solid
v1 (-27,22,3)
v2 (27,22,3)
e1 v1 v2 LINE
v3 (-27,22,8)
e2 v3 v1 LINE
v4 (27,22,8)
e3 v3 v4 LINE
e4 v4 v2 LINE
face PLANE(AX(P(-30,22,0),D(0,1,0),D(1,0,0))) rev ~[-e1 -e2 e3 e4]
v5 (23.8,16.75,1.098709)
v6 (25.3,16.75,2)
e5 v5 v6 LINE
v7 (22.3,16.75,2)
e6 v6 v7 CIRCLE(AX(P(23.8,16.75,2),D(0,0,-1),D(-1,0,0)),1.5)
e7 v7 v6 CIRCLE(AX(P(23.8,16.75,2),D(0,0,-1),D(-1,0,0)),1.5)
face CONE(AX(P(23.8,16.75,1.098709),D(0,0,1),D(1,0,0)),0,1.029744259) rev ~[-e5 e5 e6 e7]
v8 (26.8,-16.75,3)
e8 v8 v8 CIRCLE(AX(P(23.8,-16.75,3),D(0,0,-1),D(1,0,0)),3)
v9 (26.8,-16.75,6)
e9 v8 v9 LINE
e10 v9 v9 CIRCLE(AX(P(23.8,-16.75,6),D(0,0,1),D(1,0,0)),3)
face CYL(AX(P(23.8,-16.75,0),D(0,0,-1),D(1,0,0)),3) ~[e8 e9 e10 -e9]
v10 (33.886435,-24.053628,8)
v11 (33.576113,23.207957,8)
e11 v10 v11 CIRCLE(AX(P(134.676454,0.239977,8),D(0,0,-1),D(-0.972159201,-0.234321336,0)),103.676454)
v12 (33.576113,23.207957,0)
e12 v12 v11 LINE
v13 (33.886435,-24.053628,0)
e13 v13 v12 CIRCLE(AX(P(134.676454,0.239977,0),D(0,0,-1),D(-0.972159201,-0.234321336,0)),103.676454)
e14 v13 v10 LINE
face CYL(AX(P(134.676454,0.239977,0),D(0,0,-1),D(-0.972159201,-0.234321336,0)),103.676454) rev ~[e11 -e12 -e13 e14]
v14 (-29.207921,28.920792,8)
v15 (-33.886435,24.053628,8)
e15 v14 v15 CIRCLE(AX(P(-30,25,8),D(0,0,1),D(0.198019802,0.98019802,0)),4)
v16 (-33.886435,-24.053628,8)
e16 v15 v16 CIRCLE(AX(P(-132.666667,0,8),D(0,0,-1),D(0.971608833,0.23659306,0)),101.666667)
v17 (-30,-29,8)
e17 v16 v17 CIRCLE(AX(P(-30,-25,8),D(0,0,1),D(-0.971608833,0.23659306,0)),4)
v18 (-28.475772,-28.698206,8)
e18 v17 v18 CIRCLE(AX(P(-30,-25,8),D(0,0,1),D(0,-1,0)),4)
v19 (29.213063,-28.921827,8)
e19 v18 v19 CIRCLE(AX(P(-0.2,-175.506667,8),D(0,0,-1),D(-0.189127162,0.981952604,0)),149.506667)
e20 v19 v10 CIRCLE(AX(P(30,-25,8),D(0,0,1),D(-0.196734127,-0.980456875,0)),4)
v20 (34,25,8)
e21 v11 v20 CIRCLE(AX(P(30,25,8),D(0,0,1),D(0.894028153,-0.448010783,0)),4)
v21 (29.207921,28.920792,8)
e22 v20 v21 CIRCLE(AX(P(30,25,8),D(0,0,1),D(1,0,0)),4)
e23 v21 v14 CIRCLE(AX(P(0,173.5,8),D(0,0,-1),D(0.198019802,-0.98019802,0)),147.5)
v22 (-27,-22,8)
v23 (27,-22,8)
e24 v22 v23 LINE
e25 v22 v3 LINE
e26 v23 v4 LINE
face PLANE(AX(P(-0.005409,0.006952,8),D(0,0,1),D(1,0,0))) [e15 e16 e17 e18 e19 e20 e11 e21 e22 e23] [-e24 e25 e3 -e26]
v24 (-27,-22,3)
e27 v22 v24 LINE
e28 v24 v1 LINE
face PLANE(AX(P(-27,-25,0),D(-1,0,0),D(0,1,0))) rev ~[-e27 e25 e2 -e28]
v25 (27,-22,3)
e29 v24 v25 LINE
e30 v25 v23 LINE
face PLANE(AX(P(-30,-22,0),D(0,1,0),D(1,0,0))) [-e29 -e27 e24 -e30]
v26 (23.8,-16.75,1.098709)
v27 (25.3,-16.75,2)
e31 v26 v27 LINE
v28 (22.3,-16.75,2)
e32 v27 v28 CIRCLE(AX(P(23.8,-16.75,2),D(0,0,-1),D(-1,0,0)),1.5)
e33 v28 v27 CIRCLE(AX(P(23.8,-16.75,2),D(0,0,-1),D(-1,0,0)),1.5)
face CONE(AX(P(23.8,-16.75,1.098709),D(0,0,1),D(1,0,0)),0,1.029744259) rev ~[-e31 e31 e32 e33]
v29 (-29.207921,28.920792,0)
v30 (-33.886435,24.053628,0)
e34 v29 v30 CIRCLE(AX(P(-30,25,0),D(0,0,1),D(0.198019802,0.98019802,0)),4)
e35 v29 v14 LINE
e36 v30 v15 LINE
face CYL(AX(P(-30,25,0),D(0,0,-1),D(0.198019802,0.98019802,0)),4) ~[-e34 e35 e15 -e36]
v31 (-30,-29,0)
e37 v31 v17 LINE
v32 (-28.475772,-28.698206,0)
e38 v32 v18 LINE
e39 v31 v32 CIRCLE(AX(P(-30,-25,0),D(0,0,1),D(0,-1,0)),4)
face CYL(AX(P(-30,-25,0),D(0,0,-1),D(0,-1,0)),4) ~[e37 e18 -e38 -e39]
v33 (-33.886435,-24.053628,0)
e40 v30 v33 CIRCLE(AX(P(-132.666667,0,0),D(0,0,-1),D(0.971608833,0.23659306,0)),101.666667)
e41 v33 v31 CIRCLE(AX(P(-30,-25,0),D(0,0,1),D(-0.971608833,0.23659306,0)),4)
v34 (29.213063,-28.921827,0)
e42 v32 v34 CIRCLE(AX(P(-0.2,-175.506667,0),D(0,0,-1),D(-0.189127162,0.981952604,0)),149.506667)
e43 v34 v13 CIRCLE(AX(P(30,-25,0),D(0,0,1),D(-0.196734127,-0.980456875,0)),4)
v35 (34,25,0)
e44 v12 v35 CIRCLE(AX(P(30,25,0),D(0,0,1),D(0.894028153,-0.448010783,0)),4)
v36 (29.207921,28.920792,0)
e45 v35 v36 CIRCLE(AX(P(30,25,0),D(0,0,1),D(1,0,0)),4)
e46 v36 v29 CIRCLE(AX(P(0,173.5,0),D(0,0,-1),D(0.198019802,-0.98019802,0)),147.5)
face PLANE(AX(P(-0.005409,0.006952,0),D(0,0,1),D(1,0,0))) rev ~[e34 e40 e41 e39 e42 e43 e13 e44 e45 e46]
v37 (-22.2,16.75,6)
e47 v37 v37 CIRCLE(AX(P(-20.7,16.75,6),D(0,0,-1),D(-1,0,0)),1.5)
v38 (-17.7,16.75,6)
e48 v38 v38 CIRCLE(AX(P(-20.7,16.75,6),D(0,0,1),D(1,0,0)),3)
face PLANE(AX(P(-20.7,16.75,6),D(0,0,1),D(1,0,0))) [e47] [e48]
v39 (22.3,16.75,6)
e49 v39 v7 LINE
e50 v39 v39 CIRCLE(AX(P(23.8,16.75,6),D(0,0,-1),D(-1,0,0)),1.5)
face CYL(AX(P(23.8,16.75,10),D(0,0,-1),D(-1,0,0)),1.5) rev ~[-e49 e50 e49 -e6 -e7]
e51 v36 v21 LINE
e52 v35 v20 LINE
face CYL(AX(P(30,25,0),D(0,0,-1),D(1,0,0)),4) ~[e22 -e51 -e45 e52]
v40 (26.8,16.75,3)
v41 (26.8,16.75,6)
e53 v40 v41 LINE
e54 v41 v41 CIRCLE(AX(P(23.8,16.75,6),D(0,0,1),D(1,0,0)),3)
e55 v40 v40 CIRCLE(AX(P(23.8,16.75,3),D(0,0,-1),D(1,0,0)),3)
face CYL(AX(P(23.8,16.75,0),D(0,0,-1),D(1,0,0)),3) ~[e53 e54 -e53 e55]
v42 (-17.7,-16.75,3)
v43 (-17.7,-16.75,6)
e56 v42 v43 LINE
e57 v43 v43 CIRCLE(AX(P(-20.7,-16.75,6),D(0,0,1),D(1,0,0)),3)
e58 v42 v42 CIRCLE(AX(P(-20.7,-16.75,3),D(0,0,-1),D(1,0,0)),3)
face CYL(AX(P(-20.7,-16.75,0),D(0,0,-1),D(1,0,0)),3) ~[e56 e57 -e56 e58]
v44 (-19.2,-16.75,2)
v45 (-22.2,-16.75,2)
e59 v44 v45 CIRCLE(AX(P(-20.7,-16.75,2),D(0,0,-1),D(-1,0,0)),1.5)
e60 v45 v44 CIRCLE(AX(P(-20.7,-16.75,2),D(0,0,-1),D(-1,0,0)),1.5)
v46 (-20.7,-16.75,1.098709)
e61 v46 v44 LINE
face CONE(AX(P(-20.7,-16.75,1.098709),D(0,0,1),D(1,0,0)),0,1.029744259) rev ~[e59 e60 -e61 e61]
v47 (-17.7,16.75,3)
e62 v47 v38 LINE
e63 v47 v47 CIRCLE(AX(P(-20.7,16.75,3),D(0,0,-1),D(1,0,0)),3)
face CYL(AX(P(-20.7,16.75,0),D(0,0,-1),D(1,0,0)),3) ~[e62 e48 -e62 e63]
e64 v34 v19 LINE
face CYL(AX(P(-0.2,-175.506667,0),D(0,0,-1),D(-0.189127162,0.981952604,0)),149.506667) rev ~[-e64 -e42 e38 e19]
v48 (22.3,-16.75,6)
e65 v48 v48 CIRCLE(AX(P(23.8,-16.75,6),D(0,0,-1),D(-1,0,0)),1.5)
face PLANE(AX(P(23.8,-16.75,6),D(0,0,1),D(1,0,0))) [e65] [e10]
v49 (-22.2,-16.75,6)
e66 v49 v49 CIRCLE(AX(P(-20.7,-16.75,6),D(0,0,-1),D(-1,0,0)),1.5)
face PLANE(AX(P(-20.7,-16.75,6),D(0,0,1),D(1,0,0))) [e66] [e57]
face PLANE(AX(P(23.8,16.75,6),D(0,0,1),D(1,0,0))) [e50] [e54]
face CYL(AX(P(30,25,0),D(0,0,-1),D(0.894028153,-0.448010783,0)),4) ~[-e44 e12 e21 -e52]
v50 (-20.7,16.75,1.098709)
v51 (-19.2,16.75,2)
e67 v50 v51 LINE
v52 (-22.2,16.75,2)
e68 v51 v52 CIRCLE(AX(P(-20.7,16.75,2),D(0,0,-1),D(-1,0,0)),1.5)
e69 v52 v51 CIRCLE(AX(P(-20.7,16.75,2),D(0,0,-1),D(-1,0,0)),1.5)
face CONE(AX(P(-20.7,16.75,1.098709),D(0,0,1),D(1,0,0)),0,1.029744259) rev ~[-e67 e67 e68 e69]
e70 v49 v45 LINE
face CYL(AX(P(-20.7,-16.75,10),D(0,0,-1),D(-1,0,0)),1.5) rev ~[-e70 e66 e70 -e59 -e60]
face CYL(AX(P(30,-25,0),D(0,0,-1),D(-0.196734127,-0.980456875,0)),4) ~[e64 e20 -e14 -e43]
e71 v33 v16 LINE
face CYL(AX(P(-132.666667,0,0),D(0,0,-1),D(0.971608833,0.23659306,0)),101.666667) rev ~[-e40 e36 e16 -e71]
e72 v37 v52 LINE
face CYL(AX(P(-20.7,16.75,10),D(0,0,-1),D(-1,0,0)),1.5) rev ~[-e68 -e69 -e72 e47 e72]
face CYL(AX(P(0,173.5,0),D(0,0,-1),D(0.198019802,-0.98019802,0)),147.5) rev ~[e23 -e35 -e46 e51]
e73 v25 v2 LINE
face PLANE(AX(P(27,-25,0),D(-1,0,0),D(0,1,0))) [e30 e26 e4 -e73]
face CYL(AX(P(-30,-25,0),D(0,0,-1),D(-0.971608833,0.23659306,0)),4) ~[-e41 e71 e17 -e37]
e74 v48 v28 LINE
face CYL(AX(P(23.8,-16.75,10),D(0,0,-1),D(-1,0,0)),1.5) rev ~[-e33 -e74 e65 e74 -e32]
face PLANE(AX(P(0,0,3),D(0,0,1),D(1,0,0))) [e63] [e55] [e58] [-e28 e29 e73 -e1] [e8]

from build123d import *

# Parameters (mm, degrees)
F0_W     = 60
F0_H     = 50
F1_DEPTH = 8
F2_T     = -3
F3_R     = 3
F4_DEPTH = 6
F6_D     = 3
F6_DEPTH = 4
F6_TIP   = 0.9012909285
F7_W     = 60
F7_H     = 50
F8_DEPTH = 8


with BuildPart() as f1:
    # F0 (on Top) → F1 (new body)
    with BuildSketch(Plane.XY):
        Rectangle(F0_W, F0_H)
    extrude(amount=F1_DEPTH)

    # F2
    f2_openings = [f1.faces().sort_by_distance(p)[0] for p in [
        (0, 0, 8),
    ]]
    offset(amount=F2_T, openings=f2_openings)

    # F3 (on face) → F4 (join)
    with BuildSketch(Plane.XY):
        with Locations((-20.7, -16.75)):
            Circle(F3_R)
        with Locations((-20.7, 16.75)):
            Circle(F3_R)
        with Locations((23.8, -16.75)):
            Circle(F3_R)
        with Locations((23.8, 16.75)):
            Circle(F3_R)
    extrude(amount=F4_DEPTH)

    # F6
    with Locations(Plane.XY.offset(6)):
        with Locations((23.8, 16.75), (23.8, -16.75), (-20.7, -16.75), (-20.7, 16.75)):
            Hole(F6_D / 2, depth=F6_DEPTH)
            with Locations((0, 0, -(F6_DEPTH + F6_TIP / 2))):  # 118° drill point
                Cone(0, F6_D / 2, F6_TIP, mode=Mode.SUBTRACT)

    # F7 (on face) → F8 (join, through all)
    with BuildSketch(Plane.XY):
        with BuildLine():
            ThreePointArc((29.2079207921, 28.9207920792), (0, 26), (-29.2079207921, 28.9207920792))
            ThreePointArc((-29.2079207921, 28.9207920792), (-32.8837617935, 27.7719880805), (-33.8864353312, 24.0536277603))
            ThreePointArc((-33.8864353312, 24.0536277603), (-31, 0), (-33.8864353312, -24.0536277603))
            ThreePointArc((-33.8864353312, -24.0536277603), (-33.1452733553, -27.4712862077), (-30, -29))
            ThreePointArc((-30, -29), (-29.2382778582, -28.8471228354), (-28.475771577, -28.698206013))
            ThreePointArc((-28.475771577, -28.698206013), (0.379534182, -26.0011232313), (29.2130634934, -28.9218274993))
            ThreePointArc((29.2130634934, -28.9218274993), (32.8855788702, -27.7700964936), (33.8864353312, -24.0536277603))
            ThreePointArc((33.8864353312, -24.0536277603), (31.0022348413, -0.4407544994), (33.5761126117, 23.2079568676))
            ThreePointArc((33.5761126117, 23.2079568676), (33.7840774597, 24.1049195845), (34, 25))
            ThreePointArc((34, 25), (32.532951161, 28.0958291968), (29.2079207921, 28.9207920792))
        make_face()
        Rectangle(F7_W, F7_H, mode=Mode.SUBTRACT)
        with BuildLine():
            ThreePointArc((33.5761126117, 23.2079568676), (33.8925859301, 24.079253142), (34, 25))
            ThreePointArc((34, 25), (33.7840774597, 24.1049195845), (33.5761126117, 23.2079568676))
        make_face()
        with BuildLine():
            ThreePointArc((-28.475771577, -28.698206013), (-29.2382778582, -28.8471228354), (-30, -29))
            ThreePointArc((-30, -29), (-29.2230907556, -28.9238261972), (-28.475771577, -28.698206013))
        make_face()
    extrude(amount=F8_DEPTH)


solid = f1.part
